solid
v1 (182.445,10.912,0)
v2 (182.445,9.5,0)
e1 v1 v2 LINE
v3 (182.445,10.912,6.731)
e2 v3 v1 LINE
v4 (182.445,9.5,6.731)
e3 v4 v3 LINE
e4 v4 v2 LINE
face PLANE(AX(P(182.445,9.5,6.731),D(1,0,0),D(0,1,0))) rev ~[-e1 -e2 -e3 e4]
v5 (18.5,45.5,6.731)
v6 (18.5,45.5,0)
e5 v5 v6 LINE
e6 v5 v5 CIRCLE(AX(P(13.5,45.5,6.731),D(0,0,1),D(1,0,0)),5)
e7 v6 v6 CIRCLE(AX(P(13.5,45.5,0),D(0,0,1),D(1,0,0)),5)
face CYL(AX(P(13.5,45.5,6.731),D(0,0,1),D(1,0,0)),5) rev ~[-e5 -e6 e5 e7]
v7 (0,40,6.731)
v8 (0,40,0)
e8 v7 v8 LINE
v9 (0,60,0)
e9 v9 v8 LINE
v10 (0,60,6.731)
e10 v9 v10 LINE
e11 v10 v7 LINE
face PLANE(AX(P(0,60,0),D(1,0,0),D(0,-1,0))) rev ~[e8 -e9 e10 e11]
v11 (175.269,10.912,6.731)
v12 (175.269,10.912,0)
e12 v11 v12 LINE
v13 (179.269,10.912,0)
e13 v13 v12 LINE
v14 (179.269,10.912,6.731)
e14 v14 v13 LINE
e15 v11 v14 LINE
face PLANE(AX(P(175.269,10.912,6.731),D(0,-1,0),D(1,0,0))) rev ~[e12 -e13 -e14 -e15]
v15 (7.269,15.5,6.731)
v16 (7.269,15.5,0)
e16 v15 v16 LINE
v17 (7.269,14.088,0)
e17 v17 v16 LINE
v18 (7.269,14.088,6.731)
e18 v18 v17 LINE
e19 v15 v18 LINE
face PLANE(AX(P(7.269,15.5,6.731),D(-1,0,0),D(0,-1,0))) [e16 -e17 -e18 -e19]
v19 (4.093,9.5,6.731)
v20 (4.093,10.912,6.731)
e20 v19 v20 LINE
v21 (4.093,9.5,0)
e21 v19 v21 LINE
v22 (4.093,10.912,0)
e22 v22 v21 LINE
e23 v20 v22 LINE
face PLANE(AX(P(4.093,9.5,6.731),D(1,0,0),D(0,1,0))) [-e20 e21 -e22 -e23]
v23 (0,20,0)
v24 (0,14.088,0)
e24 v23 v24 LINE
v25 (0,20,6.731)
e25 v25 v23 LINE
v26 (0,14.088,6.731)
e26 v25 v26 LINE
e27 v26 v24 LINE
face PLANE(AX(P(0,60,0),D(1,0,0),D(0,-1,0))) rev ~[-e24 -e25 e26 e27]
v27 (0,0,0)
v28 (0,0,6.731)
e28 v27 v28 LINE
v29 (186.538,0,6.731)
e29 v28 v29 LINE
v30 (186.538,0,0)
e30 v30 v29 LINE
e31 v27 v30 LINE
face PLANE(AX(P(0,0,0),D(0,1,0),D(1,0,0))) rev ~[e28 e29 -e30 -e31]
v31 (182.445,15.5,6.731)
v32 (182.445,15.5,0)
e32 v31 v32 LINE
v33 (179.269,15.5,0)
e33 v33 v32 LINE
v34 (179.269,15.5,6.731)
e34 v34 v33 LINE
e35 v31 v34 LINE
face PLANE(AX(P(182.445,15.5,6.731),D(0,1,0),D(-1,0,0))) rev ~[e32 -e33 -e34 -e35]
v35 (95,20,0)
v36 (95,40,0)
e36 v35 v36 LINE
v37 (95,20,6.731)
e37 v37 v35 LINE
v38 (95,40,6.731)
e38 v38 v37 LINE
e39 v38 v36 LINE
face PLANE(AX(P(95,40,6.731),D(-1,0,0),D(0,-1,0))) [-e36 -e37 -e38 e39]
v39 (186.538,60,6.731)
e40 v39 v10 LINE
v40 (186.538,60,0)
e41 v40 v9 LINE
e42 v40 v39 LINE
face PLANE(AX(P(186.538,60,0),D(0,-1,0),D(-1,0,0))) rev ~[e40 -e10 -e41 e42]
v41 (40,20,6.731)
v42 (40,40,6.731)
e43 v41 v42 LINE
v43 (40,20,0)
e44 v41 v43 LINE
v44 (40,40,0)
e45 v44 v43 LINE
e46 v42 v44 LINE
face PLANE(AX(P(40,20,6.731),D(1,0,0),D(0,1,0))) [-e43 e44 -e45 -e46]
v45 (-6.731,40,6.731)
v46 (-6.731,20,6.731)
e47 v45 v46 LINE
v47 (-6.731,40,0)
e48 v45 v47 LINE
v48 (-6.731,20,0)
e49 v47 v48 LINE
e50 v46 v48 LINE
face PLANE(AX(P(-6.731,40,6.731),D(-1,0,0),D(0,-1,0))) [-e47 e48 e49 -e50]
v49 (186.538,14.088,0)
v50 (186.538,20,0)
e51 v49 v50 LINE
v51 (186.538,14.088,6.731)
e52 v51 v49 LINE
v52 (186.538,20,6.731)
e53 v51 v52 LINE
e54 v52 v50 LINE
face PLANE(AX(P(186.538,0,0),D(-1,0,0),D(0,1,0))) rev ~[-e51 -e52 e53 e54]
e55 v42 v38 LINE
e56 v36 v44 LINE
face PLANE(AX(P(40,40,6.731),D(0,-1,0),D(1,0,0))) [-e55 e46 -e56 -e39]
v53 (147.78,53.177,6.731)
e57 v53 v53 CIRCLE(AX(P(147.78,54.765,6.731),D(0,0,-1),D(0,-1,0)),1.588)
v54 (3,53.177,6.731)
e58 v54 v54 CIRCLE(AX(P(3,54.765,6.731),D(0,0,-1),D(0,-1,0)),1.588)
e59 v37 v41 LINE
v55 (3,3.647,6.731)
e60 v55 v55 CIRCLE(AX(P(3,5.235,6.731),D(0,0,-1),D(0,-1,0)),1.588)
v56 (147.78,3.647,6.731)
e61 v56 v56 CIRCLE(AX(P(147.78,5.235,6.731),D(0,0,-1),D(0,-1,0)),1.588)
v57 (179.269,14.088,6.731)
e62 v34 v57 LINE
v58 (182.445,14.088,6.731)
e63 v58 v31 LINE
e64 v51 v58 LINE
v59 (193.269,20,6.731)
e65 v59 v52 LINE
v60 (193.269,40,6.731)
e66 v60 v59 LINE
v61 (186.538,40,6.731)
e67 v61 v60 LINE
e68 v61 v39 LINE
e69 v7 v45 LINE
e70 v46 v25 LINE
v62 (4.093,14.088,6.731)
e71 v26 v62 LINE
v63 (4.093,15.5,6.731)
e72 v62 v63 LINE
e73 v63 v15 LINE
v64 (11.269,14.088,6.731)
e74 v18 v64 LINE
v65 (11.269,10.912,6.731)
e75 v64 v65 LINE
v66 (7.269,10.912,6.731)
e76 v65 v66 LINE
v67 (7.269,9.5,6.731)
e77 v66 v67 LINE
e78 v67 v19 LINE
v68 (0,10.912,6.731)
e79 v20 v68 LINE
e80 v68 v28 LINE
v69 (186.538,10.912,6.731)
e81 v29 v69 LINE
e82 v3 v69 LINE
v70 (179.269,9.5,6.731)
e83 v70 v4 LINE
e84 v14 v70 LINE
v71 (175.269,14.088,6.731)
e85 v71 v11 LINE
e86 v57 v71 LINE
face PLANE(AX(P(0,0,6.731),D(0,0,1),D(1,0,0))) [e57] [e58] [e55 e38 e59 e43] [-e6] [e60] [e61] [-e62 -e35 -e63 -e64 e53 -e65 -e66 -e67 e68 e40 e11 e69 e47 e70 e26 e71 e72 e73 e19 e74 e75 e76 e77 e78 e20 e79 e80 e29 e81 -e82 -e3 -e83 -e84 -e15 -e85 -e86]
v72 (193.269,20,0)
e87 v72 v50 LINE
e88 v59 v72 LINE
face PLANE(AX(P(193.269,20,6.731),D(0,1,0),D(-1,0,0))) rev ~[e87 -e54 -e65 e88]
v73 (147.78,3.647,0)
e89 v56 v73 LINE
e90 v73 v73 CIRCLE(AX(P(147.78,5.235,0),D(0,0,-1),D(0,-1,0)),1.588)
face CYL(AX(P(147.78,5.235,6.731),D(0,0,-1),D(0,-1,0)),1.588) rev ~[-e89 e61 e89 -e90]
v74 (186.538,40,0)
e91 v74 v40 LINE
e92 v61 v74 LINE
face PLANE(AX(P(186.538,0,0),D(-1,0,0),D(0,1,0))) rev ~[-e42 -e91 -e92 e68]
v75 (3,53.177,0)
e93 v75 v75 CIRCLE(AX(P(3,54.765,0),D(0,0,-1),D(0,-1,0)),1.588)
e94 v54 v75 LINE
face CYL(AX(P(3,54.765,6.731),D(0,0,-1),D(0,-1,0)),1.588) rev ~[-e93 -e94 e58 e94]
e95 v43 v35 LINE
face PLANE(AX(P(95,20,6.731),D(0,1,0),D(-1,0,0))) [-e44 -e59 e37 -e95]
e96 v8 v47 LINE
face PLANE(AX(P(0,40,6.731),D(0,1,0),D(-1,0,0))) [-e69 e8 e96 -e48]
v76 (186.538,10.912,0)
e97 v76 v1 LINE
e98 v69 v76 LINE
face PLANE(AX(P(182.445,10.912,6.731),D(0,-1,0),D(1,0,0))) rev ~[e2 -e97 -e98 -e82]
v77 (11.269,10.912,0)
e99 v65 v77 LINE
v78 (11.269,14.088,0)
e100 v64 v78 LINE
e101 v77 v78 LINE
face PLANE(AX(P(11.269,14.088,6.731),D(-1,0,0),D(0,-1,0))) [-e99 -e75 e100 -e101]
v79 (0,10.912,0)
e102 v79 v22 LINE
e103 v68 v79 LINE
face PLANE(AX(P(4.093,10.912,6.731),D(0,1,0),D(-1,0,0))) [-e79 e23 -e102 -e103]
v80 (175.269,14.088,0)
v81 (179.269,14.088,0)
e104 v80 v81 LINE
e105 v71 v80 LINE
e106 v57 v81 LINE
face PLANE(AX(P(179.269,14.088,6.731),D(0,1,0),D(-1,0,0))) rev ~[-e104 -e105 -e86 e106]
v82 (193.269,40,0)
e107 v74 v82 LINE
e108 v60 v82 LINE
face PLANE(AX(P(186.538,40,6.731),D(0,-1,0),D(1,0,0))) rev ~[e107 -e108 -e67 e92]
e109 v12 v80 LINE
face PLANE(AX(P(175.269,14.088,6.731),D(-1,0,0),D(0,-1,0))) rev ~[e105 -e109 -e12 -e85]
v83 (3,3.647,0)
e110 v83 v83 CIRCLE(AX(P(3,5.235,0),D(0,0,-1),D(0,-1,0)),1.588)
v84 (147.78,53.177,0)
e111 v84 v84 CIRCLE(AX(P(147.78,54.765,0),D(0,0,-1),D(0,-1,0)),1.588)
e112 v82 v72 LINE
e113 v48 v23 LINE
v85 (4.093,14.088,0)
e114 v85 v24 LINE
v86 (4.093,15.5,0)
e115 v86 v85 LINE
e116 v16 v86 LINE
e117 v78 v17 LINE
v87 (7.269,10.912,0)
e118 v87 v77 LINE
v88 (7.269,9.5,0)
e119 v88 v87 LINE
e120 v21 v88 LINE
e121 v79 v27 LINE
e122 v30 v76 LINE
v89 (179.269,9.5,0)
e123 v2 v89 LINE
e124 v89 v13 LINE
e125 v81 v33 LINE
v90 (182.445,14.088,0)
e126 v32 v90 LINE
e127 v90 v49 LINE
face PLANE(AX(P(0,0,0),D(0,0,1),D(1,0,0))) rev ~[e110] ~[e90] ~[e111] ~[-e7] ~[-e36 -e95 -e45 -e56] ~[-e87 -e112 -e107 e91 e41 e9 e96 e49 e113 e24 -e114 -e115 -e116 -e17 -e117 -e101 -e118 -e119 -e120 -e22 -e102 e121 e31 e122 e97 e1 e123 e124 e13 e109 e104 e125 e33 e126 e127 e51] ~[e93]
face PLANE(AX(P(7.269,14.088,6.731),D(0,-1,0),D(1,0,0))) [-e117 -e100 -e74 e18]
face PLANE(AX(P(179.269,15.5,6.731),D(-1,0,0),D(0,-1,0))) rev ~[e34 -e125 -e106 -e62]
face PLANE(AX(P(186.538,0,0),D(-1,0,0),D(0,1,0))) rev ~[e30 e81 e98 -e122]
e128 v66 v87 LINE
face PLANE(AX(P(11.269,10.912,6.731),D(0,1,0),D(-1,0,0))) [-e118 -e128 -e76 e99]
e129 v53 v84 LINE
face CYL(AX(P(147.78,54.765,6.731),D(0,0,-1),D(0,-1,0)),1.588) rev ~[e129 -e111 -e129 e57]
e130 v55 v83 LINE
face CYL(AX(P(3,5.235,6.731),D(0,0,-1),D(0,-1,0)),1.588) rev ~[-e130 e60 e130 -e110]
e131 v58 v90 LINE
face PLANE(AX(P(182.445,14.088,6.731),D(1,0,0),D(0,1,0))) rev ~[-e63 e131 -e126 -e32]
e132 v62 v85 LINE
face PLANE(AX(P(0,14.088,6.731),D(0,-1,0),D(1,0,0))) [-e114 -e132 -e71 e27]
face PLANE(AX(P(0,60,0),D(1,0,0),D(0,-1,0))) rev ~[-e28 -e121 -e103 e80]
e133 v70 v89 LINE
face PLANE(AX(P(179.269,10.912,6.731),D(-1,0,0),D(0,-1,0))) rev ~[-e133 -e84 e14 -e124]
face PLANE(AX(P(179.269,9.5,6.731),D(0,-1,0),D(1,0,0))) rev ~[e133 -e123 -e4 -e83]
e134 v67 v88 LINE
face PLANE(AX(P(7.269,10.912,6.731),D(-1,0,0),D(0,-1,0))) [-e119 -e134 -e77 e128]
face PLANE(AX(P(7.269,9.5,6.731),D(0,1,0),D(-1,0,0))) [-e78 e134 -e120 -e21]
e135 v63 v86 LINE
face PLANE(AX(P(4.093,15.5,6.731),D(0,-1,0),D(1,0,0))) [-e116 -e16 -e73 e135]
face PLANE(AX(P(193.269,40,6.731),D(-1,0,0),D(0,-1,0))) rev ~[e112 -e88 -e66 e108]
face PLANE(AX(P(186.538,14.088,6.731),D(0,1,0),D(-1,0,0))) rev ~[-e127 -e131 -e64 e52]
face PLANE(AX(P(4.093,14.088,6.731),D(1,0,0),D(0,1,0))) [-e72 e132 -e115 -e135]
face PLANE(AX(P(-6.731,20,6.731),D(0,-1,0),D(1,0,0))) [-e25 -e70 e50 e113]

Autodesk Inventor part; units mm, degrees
ref_plane "YZ Plane" through (0, 0, 0) normal (1, 0, 0) x (0, 1, 0)
ref_plane "XZ Plane" through (0, 0, 0) normal (0, 1, 0) x (-1, 0, 0)
ref_plane "XY Plane" through (0, 0, 0) normal (0, 0, 1) x (1, 0, 0)
sketch "Sketch1" plane through (0, 0, 0) normal (0, 0, 1) x (1, 0, 0)
  line L0 (0, 0) -> (186.538, 0)
  line L1 (186.538, 0) -> (186.538, 60)
  line L2 (186.538, 60) -> (0, 60)
  line L3 (0, 60) -> (0, 0)
  dimension "d0" = 186.538
  dimension "d1" = 60
extrude "Extrusion1" add sketch "Sketch1" along normal blind 6.731
sketch "Sketch2" plane through (0, 0, 6.731) normal (0, 0, 1) x (1, 0, 0)
  line L0 (186.538, 0) -> (186.538, 60) projected
  line L1 (0, 60) -> (0, 0) projected
  line L2 (186.538, 40) -> (193.269, 40)
  line L3 (193.269, 40) -> (193.269, 20)
  line L4 (193.269, 20) -> (186.538, 20)
  line L5 (186.538, 20) -> (186.538, 40)
  line L6 (0, 40) -> (-6.731, 40)
  line L7 (-6.731, 40) -> (-6.731, 20)
  line L8 (-6.731, 20) -> (0, 20)
  line L9 (0, 20) -> (0, 40)
  point P0 (0, 30)
  point P1 (0, 30)
  dimension "d4" = 20
  dimension "d5" = 6.731
extrude "Tabs" add sketch "Sketch2" against normal blind 6.731
sketch "Sketch5" plane through (0, 0, 6.731) normal (0, 0, 1) x (1, 0, 0)
  line L0 (193.269, 40) -> (186.538, 40) projected
  line L1 (0, 40) -> (-6.731, 40) projected
  line L2 (-6.731, 40) -> (-6.731, 20) projected
  point P0 (-3.3655, 30)
  point P1 (189.9035, 30)
  point P2 (-6.731, 30)
  point P3 (-6.731, 30)
  point P4 (189.9035, 40)
  point P5 (-3.3655, 40)
hole "TabHole" [suppressed]
sketch "Sketch3" plane through (0, 0, 6.731) normal (0, 0, 1) x (1, 0, 0)
  line L0 (0, 60) -> (0, 40) projected
  line L1 (-6.731, 40) -> (-6.731, 20) projected
  line L2 (40, 40) -> (95, 40)
  line L3 (95, 40) -> (95, 20)
  line L4 (95, 20) -> (40, 20)
  line L5 (40, 20) -> (40, 40)
  point P0 (40, 30)
  point P1 (-6.731, 30)
  dimension "d8" = 55
  dimension "d9" = 20
  dimension "d10" = 40
extrude "RibbonHole" cut sketch "Sketch3" against normal up to next
sketch "Sketch4" plane through (0, 0, 6.731) normal (0, 0, 1) x (1, 0, 0)
  line L0 (40, 20) -> (40, 40) projected
  line L1 (0, 60) -> (0, 40) projected
  line L2 (0, 20) -> (0, 0) projected
  line L3 (3, 5.235) -> (3, 54.765) construction
  line L4 (3, 54.765) -> (147.78, 54.765) construction
  point P0 (3, 30)
  point P1 (40, 30)
  point P2 (147.78, 5.235)
  dimension "d13" = 144.78
  dimension "d14" = 49.53
  dimension "d16" = 3
hole "LCDMount" at (3, 54.765, 6.731) at (147.78, 54.765, 6.731) at (147.78, 5.235, 6.731) at (3, 5.235, 6.731) direction (0, 0, -1) diameter 3.176 end through all
sketch "Sketch6" plane through (0, 0, 6.731) normal (0, 0, 1) x (1, 0, 0)
  line L0 (186.538, 60) -> (0, 60) projected
  line L1 (0, 60) -> (0, 40) projected
  circle A0 centre (13.5, 45.5) radius 5
  dimension "d31" = 14.5
  dimension "d32" = 13.5
  dimension "d33" = 10
extrude "PotHole" cut sketch "Sketch6" against normal up to next
sketch "Sketch7" plane through (0, 0, 6.731) normal (0, 0, 1) x (1, 0, 0)
  line L0 (-6.731, 20) -> (0, 20) projected
  line L1 (0, 20) -> (0, 0) projected
  line L2 (0, 14.088) -> (4.093, 14.088)
  line L3 (4.093, 14.088) -> (4.093, 15.5)
  line L4 (4.093, 15.5) -> (7.269, 15.5)
  line L5 (7.269, 15.5) -> (7.269, 14.088)
  line L6 (7.269, 14.088) -> (11.269, 14.088)
  line L7 (11.269, 14.088) -> (11.269, 10.912)
  line L8 (11.269, 10.912) -> (7.269, 10.912)
  line L9 (7.269, 10.912) -> (7.269, 9.5)
  line L10 (7.269, 9.5) -> (4.093, 9.5)
  line L11 (4.093, 9.5) -> (4.093, 10.912)
  line L12 (4.093, 10.912) -> (0, 10.912)
  line L13 (186.538, 0) -> (186.538, 20) projected
  line L14 (-6.731, 40) -> (-6.731, 20) projected
  line L15 (186.538, 14.088) -> (182.445, 14.088)
  line L16 (182.445, 14.088) -> (182.445, 15.5)
  line L17 (182.445, 15.5) -> (179.269, 15.5)
  line L18 (179.269, 15.5) -> (179.269, 14.088)
  line L19 (179.269, 14.088) -> (175.269, 14.088)
  line L20 (175.269, 14.088) -> (175.269, 10.912)
  line L21 (175.269, 10.912) -> (179.269, 10.912)
  line L22 (179.269, 10.912) -> (179.269, 9.5)
  line L23 (179.269, 9.5) -> (182.445, 9.5)
  line L24 (182.445, 9.5) -> (182.445, 10.912)
  line L25 (182.445, 10.912) -> (186.538, 10.912)
  point P0 (11.269, 12.5)
  dimension "d36" = 3.176
  dimension "d38" = 11.269
  dimension "d39" = 4
  dimension "d40" = 6
  dimension "d43" = 7.5
extrude "Nut" cut sketch "Sketch7" against normal up to next
equation "\"d2\" = THICKB"
equation "\"d5\" = THICKB"
equation "\"d6\" = THICKB"
equation "\"THICKA\" = 3.175"
equation "\"THICKB\" = 6.731"
equation "\"THICKC\" = 12.7"
equation "\"THICKPLY\" = 5"
equation "\"MAGDIA\" = 9.5"
equation "\"BALLDIA\" = 12"
properties part number "Controller_Front"
